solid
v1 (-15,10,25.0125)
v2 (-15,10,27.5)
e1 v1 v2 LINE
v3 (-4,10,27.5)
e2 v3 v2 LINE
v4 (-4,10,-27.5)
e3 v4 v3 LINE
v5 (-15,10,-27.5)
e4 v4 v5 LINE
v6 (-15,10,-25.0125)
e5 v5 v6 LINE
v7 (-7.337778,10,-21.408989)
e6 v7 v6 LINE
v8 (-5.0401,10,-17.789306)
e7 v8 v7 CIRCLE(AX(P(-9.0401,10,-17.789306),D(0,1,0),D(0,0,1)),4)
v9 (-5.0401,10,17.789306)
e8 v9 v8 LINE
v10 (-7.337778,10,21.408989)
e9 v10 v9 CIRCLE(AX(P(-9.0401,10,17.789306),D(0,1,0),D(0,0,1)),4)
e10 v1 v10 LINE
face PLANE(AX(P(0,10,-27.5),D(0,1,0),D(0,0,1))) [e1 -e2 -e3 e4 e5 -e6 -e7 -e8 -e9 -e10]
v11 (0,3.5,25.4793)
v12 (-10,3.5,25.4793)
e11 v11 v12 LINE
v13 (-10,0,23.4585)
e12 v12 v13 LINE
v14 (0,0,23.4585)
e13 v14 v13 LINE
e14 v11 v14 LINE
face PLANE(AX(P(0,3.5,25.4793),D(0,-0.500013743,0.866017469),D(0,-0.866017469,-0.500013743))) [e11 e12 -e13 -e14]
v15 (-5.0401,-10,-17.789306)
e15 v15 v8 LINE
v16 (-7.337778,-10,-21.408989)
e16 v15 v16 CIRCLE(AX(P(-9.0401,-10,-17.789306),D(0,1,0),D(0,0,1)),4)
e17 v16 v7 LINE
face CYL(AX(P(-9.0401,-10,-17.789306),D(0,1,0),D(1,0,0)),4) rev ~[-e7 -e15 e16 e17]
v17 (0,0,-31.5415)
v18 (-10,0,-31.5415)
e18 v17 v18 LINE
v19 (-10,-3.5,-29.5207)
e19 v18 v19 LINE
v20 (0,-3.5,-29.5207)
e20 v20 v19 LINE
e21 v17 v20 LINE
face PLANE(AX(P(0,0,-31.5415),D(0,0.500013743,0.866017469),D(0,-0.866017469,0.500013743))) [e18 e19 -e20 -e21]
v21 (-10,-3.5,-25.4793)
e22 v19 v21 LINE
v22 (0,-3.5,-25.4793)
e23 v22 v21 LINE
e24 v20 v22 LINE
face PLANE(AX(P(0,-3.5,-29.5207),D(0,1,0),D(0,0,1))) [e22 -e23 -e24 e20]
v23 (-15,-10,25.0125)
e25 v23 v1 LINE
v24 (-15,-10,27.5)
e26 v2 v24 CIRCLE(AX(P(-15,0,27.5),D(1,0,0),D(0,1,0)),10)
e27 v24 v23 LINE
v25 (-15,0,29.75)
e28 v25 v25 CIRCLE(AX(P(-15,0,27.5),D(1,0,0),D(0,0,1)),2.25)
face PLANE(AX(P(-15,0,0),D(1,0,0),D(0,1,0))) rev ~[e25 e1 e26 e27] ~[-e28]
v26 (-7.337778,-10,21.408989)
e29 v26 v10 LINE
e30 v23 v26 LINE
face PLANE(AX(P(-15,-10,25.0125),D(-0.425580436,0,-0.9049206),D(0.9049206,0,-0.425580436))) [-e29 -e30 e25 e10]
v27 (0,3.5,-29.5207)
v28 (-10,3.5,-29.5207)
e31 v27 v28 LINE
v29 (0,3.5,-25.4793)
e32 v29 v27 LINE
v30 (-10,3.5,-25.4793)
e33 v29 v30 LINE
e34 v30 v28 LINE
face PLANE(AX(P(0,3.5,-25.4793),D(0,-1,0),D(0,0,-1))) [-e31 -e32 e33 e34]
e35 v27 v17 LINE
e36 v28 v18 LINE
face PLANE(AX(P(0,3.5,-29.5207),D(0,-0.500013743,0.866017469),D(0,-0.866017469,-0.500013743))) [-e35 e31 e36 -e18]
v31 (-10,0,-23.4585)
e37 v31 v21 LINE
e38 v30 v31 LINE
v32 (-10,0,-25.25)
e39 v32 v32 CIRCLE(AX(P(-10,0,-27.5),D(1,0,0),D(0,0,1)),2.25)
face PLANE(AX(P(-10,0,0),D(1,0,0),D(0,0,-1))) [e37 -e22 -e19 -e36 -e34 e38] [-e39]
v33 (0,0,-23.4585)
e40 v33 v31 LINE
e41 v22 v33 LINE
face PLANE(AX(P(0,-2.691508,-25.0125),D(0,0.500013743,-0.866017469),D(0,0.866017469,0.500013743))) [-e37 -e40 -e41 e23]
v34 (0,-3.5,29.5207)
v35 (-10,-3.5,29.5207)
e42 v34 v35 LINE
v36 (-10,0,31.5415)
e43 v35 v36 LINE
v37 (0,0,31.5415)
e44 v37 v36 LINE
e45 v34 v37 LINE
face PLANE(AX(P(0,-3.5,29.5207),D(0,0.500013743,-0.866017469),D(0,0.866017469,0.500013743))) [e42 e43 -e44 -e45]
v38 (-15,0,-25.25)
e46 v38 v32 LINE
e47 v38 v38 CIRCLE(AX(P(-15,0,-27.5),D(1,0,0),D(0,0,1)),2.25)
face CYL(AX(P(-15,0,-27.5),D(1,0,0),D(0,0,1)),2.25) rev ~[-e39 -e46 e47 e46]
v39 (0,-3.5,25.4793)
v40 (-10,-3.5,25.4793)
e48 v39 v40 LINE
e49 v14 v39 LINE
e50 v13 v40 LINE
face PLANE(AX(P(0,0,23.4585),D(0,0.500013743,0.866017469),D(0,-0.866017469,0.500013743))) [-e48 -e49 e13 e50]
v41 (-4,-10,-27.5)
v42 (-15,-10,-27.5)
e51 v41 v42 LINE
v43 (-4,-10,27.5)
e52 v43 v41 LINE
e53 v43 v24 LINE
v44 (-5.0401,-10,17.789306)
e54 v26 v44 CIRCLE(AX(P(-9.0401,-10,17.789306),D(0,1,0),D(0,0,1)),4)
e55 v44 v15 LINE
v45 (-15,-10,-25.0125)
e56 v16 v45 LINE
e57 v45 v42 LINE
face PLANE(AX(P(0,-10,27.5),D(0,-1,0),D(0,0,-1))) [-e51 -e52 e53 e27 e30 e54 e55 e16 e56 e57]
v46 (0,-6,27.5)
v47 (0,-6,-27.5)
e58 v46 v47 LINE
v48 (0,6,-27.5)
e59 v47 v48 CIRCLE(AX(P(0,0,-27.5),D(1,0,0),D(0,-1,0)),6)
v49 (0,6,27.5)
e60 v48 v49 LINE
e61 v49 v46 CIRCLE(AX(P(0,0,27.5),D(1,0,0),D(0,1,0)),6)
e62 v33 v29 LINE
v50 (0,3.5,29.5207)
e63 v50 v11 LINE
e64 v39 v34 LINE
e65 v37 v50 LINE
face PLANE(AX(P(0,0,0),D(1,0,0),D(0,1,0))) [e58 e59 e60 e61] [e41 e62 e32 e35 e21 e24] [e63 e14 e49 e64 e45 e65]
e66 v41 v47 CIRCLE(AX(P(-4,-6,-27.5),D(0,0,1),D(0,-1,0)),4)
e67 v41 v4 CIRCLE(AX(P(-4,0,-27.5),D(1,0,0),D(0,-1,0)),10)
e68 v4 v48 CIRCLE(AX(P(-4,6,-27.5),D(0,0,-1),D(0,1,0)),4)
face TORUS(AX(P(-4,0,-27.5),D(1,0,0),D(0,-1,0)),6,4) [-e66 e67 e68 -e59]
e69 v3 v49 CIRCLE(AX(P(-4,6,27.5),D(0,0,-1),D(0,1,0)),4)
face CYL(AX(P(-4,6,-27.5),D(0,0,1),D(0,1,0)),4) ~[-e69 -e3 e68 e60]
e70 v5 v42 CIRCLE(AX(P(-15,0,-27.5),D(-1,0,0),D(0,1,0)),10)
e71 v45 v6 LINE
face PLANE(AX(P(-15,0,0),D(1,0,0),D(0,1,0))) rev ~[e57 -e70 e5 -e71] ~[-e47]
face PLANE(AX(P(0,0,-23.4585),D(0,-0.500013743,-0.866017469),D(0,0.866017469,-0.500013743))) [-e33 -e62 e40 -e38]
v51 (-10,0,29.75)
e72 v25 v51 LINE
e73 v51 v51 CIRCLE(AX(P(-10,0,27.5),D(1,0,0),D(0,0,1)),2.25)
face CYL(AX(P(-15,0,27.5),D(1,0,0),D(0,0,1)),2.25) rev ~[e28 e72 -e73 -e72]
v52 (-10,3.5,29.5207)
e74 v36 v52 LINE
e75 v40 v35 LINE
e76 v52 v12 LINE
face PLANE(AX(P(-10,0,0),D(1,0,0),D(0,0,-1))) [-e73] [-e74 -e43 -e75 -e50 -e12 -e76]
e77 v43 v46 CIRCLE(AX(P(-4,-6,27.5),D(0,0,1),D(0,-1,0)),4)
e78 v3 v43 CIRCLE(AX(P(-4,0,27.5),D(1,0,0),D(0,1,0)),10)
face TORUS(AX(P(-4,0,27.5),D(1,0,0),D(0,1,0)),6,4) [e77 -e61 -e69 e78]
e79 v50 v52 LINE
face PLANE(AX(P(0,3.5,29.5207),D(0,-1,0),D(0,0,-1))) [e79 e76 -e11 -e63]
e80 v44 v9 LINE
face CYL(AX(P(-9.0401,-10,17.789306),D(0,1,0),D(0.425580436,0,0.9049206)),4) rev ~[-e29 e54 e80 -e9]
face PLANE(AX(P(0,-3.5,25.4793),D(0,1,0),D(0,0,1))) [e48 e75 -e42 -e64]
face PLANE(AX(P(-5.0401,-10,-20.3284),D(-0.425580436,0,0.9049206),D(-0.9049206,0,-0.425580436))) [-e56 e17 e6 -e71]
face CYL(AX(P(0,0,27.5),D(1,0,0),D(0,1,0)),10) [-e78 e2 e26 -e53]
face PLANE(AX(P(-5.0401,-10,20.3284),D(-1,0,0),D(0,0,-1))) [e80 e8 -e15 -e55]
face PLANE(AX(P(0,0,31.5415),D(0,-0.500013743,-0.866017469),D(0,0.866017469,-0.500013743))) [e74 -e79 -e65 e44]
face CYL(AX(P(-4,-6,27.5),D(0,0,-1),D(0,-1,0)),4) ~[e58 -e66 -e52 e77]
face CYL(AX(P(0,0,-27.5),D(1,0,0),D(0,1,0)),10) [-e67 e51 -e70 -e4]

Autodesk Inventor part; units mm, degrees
ref_plane "YZ Plane" through (0, 0, 0) normal (1, 0, 0) x (0, 1, 0)
ref_plane "XZ Plane" through (0, 0, 0) normal (0, 1, 0) x (-1, 0, 0)
ref_plane "XY Plane" through (0, 0, 0) normal (0, 0, 1) x (1, 0, 0)
sketch "Sketch1" plane through (0, 0, 0) normal (1, 0, 0) x (0, 1, 0)
  line L0 (10, 37.5) -> (-10, 37.5)
  line L1 (-10, 37.5) -> (-10, -37.5)
  line L2 (-10, -37.5) -> (10, -37.5)
  line L3 (10, -37.5) -> (10, 37.5)
  line L4 (10, 37.5) -> (-10, -37.5) construction
  line L5 (-10, 37.5) -> (10, -37.5) construction
  circle A0 centre (0, 27.5) radius 10
  circle A1 centre (0, -27.5) radius 10
  point P0 (0, 0)
  point P1 (10, -27.5)
  point P2 (10, 27.5)
  point P3 (-10, 27.5)
  point P4 (-10, -27.5)
  dimension "d0" = 20
  dimension "d1" = 75
  dimension "d2" = 20
  dimension "d3" = 20
  dimension "d4" = 55
extrude "Extrusion1" add sketch "Sketch1" against normal blind 15 contours A0 | L3 A1 L1 A0 | A1
sketch "Sketch2" plane through (0, -10, -27.5) normal (0, -1, 0) x (1, 0, 0)
  line L0 (-15, 55) -> (-15, 0) projected
  line L1 (-15, 52.5125) -> (-5.0401, 47.8284)
  line L2 (-5.0401, 47.8284) -> (-5.0401, 7.1716)
  line L3 (-5.0401, 7.1716) -> (-15, 2.4875)
  line L4 (-15, 0) -> (-15, -10) projected
  line L5 (0, 55) -> (0, 65) construction
  line L6 (0, 65) -> (-5.0401, 47.8284) construction
  line L7 (0, -10) -> (0, 0) construction
  line L8 (-5.0401, 7.1716) -> (0, -10) construction
  point P0 (0, 27.5)
  point P1 (-15, 2.4875)
extrude "Extrusion2" cut sketch "Sketch2" against normal blind 20
fillet "Fillet1" radius 4 6 edges at (0, -10, 0) (0, 0, -37.5) (0, 10, 0) (0, 0, 37.5) (-5.0401, 0, -20.3284) (-5.0401, 0, 20.3284)
sketch "Sketch3" plane through (0, 0, 0) normal (1, 0, 0) x (0, 0, -1)
  line L0 (25.0125, -10) -> (25.0125, 10) projected
  line L1 (25.0125, 10) -> (27.5, 10) projected
  arc A0 (27.5, -10) -> (27.5, 10) centre (27.5, 0) ccw projected
  line L2 (27.5, -10) -> (25.0125, -10) projected
  arc A1 (-27.5, 6) -> (-27.5, -6) centre (-27.5, 0) ccw projected
  line L3 (-23.4585, 0) -> (-25.4793, -3.5)
  line L4 (-25.4793, -3.5) -> (-29.5207, -3.5)
  line L5 (-29.5207, -3.5) -> (-31.5415, 0)
  line L6 (-31.5415, 0) -> (-29.5207, 3.5)
  line L7 (-29.5207, 3.5) -> (-25.4793, 3.5)
  line L8 (-25.4793, 3.5) -> (-23.4585, 0)
  line L9 (23.4585, 0) -> (25.4793, 3.5)
  line L10 (25.4793, 3.5) -> (29.5207, 3.5)
  line L11 (29.5207, 3.5) -> (31.5415, 0)
  line L12 (31.5415, 0) -> (29.5207, -3.5)
  line L13 (29.5207, -3.5) -> (25.4793, -3.5)
  line L14 (25.4793, -3.5) -> (23.4585, 0)
  point P0 (0, 0)
  dimension "d10" = 7
  dimension "d11" = 7
extrude "Extrusion3" cut sketch "Sketch3" against normal blind 10 contours L14 L9 L0 | L0 L9 L10 L11 L12 L13 L14 | L3 L4 L5 L6 L7 L8
sketch "Sketch4" plane through (-15, 0, 0) normal (-1, 0, 0) x (0, 0, 1)
  line L0 (-21.409, 10) -> (-21.409, -10) projected
  line L1 (-29.5207, 3.5) -> (-31.5415, 0) projected
  line L2 (-31.5415, 0) -> (-29.5207, -3.5) projected
  line L3 (-29.5207, -3.5) -> (-25.4793, -3.5) projected
  line L4 (-25.4793, -3.5) -> (-23.4585, 0) projected
  line L5 (-23.4585, 0) -> (-25.4793, 3.5) projected
  line L6 (-25.4793, 3.5) -> (-29.5207, 3.5) projected
  line L7 (29.5207, 3.5) -> (25.4793, 3.5) projected
  line L8 (25.4793, 3.5) -> (23.4585, 0) projected
  line L9 (23.4585, 0) -> (25.4793, -3.5) projected
  line L10 (25.4793, -3.5) -> (29.5207, -3.5) projected
  line L11 (29.5207, -3.5) -> (31.5415, 0) projected
  line L12 (31.5415, 0) -> (29.5207, 3.5) projected
  line L13 (-27.5, -6) -> (27.5, -6) projected
  arc A0 (-27.5, 6) -> (-27.5, -6) centre (-27.5, 0) ccw projected
  line L14 (27.5, 6) -> (-27.5, 6) projected
  arc A1 (27.5, -6) -> (27.5, 6) centre (27.5, 0) ccw projected
  point P0 (0, 0)
hole "Hole1" at (-15, 0, -27.5) at (-15, 0, 27.5) direction (1, 0, 0) diameter 4.5 end through all clearance for "Countersunk Flat Head Screw ISO 2009/7046" size "M4" standard "ISO"
equation "\"d11\" = d10"
properties part number "controlbox_handvat"
